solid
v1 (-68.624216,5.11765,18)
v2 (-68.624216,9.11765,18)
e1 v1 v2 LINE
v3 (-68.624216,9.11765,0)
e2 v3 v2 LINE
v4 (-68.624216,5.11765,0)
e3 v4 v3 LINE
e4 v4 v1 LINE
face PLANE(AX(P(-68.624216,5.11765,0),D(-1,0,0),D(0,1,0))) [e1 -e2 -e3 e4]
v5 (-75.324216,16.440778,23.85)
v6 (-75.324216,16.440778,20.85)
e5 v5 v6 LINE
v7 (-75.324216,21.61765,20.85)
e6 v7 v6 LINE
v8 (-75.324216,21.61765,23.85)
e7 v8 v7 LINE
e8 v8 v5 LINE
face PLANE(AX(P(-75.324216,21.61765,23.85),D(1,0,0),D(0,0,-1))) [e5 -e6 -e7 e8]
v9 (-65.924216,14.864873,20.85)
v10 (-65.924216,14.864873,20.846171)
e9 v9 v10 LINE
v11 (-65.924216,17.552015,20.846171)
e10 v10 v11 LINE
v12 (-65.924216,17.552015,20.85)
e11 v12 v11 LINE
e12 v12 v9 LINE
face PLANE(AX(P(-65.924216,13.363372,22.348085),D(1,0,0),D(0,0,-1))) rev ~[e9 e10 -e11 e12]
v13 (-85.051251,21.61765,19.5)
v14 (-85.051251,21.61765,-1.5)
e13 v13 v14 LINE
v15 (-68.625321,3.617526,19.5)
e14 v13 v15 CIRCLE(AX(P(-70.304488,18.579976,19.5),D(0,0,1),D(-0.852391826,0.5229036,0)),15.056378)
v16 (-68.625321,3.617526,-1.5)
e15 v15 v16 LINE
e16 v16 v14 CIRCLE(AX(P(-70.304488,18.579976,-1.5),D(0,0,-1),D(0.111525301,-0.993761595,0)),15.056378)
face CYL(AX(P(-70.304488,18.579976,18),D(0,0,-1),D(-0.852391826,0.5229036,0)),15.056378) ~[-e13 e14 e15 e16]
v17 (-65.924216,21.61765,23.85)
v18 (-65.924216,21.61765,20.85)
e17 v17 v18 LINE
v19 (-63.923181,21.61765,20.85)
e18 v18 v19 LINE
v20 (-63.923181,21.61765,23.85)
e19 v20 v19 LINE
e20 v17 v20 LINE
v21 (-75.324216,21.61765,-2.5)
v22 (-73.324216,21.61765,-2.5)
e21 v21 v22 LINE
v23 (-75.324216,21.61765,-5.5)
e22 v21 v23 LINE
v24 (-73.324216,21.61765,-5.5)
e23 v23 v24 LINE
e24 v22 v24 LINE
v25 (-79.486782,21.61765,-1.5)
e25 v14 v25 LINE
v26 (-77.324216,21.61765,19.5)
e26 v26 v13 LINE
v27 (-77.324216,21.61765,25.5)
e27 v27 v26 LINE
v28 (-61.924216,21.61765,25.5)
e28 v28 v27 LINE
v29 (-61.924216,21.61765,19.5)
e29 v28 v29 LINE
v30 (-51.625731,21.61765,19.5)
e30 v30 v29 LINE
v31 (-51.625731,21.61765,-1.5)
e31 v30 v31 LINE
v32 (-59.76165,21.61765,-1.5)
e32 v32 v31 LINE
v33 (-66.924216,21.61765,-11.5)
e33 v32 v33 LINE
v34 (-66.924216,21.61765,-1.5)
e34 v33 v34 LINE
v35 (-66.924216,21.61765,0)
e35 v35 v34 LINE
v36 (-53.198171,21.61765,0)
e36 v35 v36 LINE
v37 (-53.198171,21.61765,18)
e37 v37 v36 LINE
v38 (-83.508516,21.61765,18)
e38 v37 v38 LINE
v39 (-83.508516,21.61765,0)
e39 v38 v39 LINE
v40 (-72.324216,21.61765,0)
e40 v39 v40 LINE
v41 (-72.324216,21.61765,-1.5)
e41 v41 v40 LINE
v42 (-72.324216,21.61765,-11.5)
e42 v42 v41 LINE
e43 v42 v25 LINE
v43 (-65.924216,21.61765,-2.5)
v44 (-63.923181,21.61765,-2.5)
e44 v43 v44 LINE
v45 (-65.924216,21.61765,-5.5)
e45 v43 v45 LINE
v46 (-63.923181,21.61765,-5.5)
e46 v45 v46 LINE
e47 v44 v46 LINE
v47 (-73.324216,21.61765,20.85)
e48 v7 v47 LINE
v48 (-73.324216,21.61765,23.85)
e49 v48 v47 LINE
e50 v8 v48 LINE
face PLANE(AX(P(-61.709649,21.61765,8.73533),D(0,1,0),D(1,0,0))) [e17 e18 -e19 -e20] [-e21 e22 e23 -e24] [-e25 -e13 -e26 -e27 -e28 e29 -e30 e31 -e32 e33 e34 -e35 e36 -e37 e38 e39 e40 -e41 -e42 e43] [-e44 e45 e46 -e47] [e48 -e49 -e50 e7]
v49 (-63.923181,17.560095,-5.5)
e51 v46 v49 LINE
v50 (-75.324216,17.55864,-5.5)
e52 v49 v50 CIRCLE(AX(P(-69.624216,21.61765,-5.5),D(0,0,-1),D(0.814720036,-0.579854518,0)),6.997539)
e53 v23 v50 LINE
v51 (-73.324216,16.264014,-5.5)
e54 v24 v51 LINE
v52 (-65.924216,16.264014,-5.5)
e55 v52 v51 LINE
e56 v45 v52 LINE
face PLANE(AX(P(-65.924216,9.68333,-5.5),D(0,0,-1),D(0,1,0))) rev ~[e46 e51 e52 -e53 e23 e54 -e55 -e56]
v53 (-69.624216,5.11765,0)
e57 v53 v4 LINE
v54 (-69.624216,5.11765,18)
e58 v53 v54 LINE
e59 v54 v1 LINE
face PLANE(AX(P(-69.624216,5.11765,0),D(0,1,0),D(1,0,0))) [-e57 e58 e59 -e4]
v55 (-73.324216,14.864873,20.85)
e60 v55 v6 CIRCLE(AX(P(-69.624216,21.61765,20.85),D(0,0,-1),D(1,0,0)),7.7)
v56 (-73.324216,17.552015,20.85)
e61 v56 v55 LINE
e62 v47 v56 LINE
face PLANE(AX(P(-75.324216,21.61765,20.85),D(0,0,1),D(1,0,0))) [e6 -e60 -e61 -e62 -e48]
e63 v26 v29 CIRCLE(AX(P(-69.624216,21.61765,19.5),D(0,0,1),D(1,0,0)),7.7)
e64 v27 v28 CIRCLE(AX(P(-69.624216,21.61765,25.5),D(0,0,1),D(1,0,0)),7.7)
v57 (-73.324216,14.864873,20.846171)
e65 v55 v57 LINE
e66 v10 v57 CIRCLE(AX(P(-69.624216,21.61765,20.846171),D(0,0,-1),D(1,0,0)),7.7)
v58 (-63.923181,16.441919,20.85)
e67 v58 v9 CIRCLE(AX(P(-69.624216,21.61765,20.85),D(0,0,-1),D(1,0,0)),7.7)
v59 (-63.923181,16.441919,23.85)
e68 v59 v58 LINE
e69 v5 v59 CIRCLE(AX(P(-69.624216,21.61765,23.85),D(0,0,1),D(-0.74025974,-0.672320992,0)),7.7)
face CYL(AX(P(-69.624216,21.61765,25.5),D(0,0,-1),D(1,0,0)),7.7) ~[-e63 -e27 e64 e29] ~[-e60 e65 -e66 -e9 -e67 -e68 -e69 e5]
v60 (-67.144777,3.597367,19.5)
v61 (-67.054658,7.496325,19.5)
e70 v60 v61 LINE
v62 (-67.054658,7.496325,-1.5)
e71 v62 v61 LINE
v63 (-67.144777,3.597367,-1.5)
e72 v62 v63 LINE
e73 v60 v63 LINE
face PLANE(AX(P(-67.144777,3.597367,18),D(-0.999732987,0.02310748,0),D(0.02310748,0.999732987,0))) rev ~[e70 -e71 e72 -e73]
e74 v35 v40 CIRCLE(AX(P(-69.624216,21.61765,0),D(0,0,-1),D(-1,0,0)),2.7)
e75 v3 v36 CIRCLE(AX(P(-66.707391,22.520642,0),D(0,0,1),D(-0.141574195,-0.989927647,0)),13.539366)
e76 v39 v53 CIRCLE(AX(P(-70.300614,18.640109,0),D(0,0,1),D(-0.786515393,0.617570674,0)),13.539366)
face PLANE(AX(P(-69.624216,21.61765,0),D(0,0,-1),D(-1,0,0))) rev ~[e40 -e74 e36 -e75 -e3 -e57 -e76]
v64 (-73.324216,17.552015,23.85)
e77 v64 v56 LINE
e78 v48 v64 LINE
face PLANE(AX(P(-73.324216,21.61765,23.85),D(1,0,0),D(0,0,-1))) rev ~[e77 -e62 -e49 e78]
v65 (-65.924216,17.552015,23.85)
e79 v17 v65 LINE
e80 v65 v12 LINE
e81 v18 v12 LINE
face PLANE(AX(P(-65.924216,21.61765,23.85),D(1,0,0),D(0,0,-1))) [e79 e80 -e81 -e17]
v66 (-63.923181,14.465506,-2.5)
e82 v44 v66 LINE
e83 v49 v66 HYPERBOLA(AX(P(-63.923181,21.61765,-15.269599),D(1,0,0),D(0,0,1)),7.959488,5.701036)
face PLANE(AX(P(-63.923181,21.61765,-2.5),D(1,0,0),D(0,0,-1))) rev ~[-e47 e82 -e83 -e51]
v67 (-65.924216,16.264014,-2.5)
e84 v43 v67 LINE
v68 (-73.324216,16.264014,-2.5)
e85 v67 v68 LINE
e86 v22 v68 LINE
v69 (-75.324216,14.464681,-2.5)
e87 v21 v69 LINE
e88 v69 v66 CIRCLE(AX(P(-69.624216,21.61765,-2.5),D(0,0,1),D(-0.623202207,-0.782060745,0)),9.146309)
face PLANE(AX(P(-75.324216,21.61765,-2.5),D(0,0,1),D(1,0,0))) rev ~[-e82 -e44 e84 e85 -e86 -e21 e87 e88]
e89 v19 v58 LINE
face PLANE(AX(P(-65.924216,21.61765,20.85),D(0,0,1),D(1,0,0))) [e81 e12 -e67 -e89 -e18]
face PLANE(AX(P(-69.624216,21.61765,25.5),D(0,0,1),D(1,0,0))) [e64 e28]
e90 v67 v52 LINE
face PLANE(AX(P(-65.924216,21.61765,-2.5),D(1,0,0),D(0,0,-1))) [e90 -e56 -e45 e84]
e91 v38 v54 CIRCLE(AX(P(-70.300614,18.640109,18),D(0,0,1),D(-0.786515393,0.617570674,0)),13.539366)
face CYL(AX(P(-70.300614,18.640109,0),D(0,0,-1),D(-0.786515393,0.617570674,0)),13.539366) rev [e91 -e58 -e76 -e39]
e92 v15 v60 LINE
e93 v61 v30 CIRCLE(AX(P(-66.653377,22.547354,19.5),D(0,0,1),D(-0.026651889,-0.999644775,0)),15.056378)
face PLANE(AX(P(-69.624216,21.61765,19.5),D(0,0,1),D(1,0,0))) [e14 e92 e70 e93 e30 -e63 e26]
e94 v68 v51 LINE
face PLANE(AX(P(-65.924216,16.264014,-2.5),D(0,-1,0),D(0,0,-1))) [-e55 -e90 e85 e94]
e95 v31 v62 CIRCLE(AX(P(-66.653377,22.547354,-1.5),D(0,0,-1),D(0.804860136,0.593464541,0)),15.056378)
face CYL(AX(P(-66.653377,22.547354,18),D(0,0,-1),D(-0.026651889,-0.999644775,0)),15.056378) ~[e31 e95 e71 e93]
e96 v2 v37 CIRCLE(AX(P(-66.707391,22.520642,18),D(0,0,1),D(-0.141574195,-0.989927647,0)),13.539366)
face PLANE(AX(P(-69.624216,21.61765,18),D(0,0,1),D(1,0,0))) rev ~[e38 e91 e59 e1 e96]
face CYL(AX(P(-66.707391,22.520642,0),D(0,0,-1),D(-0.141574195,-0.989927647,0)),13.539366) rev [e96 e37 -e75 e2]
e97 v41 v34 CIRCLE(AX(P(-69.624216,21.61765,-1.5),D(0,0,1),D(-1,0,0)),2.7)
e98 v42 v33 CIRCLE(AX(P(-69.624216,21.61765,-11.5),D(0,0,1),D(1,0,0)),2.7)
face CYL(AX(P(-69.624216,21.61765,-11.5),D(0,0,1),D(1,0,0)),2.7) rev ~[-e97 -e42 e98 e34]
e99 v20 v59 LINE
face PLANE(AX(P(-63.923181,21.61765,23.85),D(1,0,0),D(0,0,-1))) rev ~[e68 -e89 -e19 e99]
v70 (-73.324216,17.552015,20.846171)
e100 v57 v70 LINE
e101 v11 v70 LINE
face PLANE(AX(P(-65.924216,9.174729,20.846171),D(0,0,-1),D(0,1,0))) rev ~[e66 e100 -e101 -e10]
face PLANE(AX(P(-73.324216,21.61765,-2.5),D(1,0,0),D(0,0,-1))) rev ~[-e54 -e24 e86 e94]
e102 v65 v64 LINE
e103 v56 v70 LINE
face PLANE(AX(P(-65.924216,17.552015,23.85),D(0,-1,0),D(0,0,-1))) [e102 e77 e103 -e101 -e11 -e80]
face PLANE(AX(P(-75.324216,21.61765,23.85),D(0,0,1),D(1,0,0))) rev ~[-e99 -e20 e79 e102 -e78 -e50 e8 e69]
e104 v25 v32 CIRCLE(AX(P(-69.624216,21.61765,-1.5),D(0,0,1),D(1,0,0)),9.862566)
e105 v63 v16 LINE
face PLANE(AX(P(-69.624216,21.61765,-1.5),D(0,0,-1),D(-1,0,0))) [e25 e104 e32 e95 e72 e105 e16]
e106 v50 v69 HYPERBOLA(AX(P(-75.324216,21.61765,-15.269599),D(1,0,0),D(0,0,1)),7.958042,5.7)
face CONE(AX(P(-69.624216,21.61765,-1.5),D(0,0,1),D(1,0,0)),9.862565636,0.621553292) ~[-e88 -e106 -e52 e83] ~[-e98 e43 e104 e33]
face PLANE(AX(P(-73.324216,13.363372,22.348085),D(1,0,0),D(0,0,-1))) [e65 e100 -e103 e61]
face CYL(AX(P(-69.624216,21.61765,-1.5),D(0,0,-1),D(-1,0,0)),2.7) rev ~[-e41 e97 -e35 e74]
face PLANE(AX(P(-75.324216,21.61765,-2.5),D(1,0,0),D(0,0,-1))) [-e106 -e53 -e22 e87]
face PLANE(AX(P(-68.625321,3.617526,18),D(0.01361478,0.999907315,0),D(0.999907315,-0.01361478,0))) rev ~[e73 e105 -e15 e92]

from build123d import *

# Parameters (mm, degrees)
SALIENTE_EXTRUIR1_DEPTH = 18
SALIENTE_EXTRUIR2_START = 1.5
CROQUIS2_R              = 2.7
SALIENTE_EXTRUIR2_DEPTH = 1.5
SALIENTE_EXTRUIR3_DEPTH = 1.5
CROQUIS6_W              = 5.4
CROQUIS6_H              = 1.181933233
SALIENTE_EXTRUIR7_DEPTH = 10
CROQUIS7_W              = 5.4
CROQUIS7_H              = 10
CORTAR_EXTRUIR2_DEPTH   = 16.5
CROQUIS9_W              = 52.468080771
CROQUIS9_H              = 55.683263094
CORTAR_EXTRUIR3_DEPTH   = 30
CROQUIS10_W             = 2
CROQUIS10_H             = 3
CROQUIS10_W_2           = 2.00103554
CORTAR_EXTRUIR4_DEPTH   = 10
CROQUIS11_W             = 3.003829207
CROQUIS11_H             = 8.377286569
CROQUIS11_W_2           = 3
CROQUIS11_H_2           = 6.580683582
CORTAR_EXTRUIR5_DEPTH   = 7.4


with BuildPart() as part:
    # Croquis1 → Saliente-Extruir1 (new body)
    with BuildSketch(Plane.XY):
        with BuildLine():
            Line((-54.535099114, 31.482780649), (-55.25791247, 32.775048384))
            Line((-55.25791247, 32.775048384), (-58.679569293, 30.903614553))
            ThreePointArc((-58.679569293, 30.903614553), (-72.555259572, 38.768368337), (-85.712228427, 29.752642999))
            Line((-85.712228427, 29.752642999), (-86.469958437, 28.480534403))
            Line((-86.469958437, 28.480534403), (-83.138420786, 26.453009587))
            ThreePointArc((-83.138420786, 26.453009587), (-83.011652218, 10.503932418), (-68.625320614, 3.617525822))
            Line((-68.625320614, 3.617525822), (-67.144777249, 3.597366682))
            Line((-67.144777249, 3.597366682), (-67.054658077, 7.49632533))
            ThreePointArc((-67.054658077, 7.49632533), (-53.305736365, 15.580648714), (-54.535099114, 31.482780649))
        make_face()
        with BuildLine():
            Line((-69.624216052, 5.117649823), (-68.624216052, 5.117649823))
            Line((-68.624216052, 5.117649823), (-68.624216052, 9.117649823))
            ThreePointArc((-68.624216052, 9.117649823), (-55.305921191, 15.218525867), (-55.334796889, 29.867649823))
            Line((-55.334796889, 29.867649823), (-55.834796889, 30.733675227))
            Line((-55.834796889, 30.733675227), (-59.298898504, 28.733675227))
            ThreePointArc((-59.298898504, 28.733675227), (-71.241559574, 37.21721889), (-83.913635214, 29.867649823))
            Line((-83.913635214, 29.867649823), (-84.413635214, 29.001624419))
            Line((-84.413635214, 29.001624419), (-80.949533599, 27.001624419))
            ThreePointArc((-80.949533599, 27.001624419), (-82.325167391, 12.417204713), (-69.624216052, 5.117649823))
        make_face(mode=Mode.SUBTRACT)
    extrude(amount=SALIENTE_EXTRUIR1_DEPTH)

    # Croquis2 → Saliente-Extruir2 (add)
    with BuildSketch(Plane(origin=(0, 0, 0), x_dir=(-1, 0, 0), z_dir=(0, 0, -1)).offset(SALIENTE_EXTRUIR2_START)):
        with BuildLine():
            Line((67.054658077, 7.49632533), (67.144777249, 3.597366682))
            Line((67.144777249, 3.597366682), (68.625320614, 3.617525822))
            ThreePointArc((68.625320614, 3.617525822), (83.011652218, 10.503932418), (83.138420786, 26.453009587))
            Line((83.138420786, 26.453009587), (86.469958437, 28.480534403))
            Line((86.469958437, 28.480534403), (85.712228427, 29.752642999))
            ThreePointArc((85.712228427, 29.752642999), (72.555259572, 38.768368337), (58.679569293, 30.903614553))
            Line((58.679569293, 30.903614553), (55.25791247, 32.775048384))
            Line((55.25791247, 32.775048384), (54.535099114, 31.482780649))
            ThreePointArc((54.535099114, 31.482780649), (53.305736365, 15.580648714), (67.054658077, 7.49632533))
        make_face()
        with Locations((69.624216052, 21.617649823)):
            Circle(CROQUIS2_R, mode=Mode.SUBTRACT)
    extrude(amount=-SALIENTE_EXTRUIR2_DEPTH)

    # Croquis3 → Saliente-Extruir3 (add)
    with BuildSketch(Plane.XY.offset(18)):
        with BuildLine():
            Line((-67.144777249, 3.597366682), (-67.054658077, 7.49632533))
            ThreePointArc((-67.054658077, 7.49632533), (-53.305736365, 15.580648714), (-54.535099114, 31.482780649))
            Line((-54.535099114, 31.482780649), (-55.25791247, 32.775048384))
            Line((-55.25791247, 32.775048384), (-58.679569293, 30.903614553))
            ThreePointArc((-58.679569293, 30.903614553), (-72.555259572, 38.768368337), (-85.712228427, 29.752642999))
            Line((-85.712228427, 29.752642999), (-86.469958437, 28.480534403))
            Line((-86.469958437, 28.480534403), (-83.138420786, 26.453009587))
            ThreePointArc((-83.138420786, 26.453009587), (-83.011652218, 10.503932418), (-68.625320614, 3.617525822))
            Line((-68.625320614, 3.617525822), (-67.144777249, 3.597366682))
        make_face()
    extrude(amount=SALIENTE_EXTRUIR3_DEPTH)

    # Croquis6 → Saliente-Extruir7 (add)
    with BuildSketch(Plane(origin=(0, 0, -1.5), x_dir=(-1, 0, 0), z_dir=(0, 0, -1))):
        with Locations((69.624216052, 21.026683207)):
            Rectangle(CROQUIS6_W, CROQUIS6_H)
    extrude(amount=SALIENTE_EXTRUIR7_DEPTH)

    # Croquis7 → Cortar-Extruir2 (cut)
    with BuildSketch(Plane(origin=(0, 21.617649823, 0), x_dir=(1, 0, 0), z_dir=(0, 1, 0))):
        with Locations((-69.624216052, 6.5)):
            Rectangle(CROQUIS7_W, CROQUIS7_H)
    extrude(amount=-CORTAR_EXTRUIR2_DEPTH, mode=Mode.SUBTRACT)

    # Croquis8 → Revolución1 (revolve)
    with BuildSketch(Plane(origin=(0, 21.617649823, 0), x_dir=(1, 0, 0), z_dir=(0, 1, 0)), mode=Mode.PRIVATE) as revoluci_n1_sk:
        Polygon((-72.324216052, 1.5), (-79.486781688, 1.5), (-72.324216052, 11.5), align=None)
        Polygon((-72.324216052, -19.5), (-69.624216052, -19.5), (-69.624216052, -25.5), (-72.324216052, -25.5), (-77.324216052, -25.5), (-77.324216052, -19.5), align=None)
    revolve(revoluci_n1_sk.sketch.rotate(Axis((-69.624216052, 21.617649823, 19.5), (0, 0, 1)), 180), axis=Axis((-69.624216052, 21.617649823, 19.5), (0, 0, 1)))

    # Croquis9 → Cortar-Extruir3 (cut)
    with BuildSketch(Plane(origin=(0, 21.617649823, 0), x_dir=(1, 0, 0), z_dir=(0, 1, 0))):
        with Locations((-61.70964897, -8.735329994)):
            Rectangle(CROQUIS9_W, CROQUIS9_H)
    extrude(amount=CORTAR_EXTRUIR3_DEPTH, mode=Mode.SUBTRACT)

    # Croquis10 → Cortar-Extruir4 (cut)
    with BuildSketch(Plane(origin=(0, 21.617649823, 0), x_dir=(1, 0, 0), z_dir=(0, 1, 0))):
        with Locations((-74.324216052, 4)):
            Rectangle(CROQUIS10_W, CROQUIS10_H)
        with Locations((-64.923698282, 4)):
            Rectangle(CROQUIS10_W_2, CROQUIS10_H)
        with Locations((-74.324216052, -22.35)):
            Rectangle(CROQUIS10_W, CROQUIS10_H)
        with Locations((-64.923698282, -22.35)):
            Rectangle(CROQUIS10_W_2, CROQUIS10_H)
    extrude(amount=-CORTAR_EXTRUIR4_DEPTH, mode=Mode.SUBTRACT)

    # Croquis11 → Cortar-Extruir5 (cut)
    with BuildSketch(Plane(origin=(-65.924216052, 0, 0), x_dir=(0, 0, -1), z_dir=(1, 0, 0))):
        with Locations((-22.348085397, 13.363371819)):
            Rectangle(CROQUIS11_W, CROQUIS11_H)
        with Locations((4, 12.973671933)):
            Rectangle(CROQUIS11_W_2, CROQUIS11_H_2)
    extrude(amount=-CORTAR_EXTRUIR5_DEPTH, mode=Mode.SUBTRACT)


solid = part.part
